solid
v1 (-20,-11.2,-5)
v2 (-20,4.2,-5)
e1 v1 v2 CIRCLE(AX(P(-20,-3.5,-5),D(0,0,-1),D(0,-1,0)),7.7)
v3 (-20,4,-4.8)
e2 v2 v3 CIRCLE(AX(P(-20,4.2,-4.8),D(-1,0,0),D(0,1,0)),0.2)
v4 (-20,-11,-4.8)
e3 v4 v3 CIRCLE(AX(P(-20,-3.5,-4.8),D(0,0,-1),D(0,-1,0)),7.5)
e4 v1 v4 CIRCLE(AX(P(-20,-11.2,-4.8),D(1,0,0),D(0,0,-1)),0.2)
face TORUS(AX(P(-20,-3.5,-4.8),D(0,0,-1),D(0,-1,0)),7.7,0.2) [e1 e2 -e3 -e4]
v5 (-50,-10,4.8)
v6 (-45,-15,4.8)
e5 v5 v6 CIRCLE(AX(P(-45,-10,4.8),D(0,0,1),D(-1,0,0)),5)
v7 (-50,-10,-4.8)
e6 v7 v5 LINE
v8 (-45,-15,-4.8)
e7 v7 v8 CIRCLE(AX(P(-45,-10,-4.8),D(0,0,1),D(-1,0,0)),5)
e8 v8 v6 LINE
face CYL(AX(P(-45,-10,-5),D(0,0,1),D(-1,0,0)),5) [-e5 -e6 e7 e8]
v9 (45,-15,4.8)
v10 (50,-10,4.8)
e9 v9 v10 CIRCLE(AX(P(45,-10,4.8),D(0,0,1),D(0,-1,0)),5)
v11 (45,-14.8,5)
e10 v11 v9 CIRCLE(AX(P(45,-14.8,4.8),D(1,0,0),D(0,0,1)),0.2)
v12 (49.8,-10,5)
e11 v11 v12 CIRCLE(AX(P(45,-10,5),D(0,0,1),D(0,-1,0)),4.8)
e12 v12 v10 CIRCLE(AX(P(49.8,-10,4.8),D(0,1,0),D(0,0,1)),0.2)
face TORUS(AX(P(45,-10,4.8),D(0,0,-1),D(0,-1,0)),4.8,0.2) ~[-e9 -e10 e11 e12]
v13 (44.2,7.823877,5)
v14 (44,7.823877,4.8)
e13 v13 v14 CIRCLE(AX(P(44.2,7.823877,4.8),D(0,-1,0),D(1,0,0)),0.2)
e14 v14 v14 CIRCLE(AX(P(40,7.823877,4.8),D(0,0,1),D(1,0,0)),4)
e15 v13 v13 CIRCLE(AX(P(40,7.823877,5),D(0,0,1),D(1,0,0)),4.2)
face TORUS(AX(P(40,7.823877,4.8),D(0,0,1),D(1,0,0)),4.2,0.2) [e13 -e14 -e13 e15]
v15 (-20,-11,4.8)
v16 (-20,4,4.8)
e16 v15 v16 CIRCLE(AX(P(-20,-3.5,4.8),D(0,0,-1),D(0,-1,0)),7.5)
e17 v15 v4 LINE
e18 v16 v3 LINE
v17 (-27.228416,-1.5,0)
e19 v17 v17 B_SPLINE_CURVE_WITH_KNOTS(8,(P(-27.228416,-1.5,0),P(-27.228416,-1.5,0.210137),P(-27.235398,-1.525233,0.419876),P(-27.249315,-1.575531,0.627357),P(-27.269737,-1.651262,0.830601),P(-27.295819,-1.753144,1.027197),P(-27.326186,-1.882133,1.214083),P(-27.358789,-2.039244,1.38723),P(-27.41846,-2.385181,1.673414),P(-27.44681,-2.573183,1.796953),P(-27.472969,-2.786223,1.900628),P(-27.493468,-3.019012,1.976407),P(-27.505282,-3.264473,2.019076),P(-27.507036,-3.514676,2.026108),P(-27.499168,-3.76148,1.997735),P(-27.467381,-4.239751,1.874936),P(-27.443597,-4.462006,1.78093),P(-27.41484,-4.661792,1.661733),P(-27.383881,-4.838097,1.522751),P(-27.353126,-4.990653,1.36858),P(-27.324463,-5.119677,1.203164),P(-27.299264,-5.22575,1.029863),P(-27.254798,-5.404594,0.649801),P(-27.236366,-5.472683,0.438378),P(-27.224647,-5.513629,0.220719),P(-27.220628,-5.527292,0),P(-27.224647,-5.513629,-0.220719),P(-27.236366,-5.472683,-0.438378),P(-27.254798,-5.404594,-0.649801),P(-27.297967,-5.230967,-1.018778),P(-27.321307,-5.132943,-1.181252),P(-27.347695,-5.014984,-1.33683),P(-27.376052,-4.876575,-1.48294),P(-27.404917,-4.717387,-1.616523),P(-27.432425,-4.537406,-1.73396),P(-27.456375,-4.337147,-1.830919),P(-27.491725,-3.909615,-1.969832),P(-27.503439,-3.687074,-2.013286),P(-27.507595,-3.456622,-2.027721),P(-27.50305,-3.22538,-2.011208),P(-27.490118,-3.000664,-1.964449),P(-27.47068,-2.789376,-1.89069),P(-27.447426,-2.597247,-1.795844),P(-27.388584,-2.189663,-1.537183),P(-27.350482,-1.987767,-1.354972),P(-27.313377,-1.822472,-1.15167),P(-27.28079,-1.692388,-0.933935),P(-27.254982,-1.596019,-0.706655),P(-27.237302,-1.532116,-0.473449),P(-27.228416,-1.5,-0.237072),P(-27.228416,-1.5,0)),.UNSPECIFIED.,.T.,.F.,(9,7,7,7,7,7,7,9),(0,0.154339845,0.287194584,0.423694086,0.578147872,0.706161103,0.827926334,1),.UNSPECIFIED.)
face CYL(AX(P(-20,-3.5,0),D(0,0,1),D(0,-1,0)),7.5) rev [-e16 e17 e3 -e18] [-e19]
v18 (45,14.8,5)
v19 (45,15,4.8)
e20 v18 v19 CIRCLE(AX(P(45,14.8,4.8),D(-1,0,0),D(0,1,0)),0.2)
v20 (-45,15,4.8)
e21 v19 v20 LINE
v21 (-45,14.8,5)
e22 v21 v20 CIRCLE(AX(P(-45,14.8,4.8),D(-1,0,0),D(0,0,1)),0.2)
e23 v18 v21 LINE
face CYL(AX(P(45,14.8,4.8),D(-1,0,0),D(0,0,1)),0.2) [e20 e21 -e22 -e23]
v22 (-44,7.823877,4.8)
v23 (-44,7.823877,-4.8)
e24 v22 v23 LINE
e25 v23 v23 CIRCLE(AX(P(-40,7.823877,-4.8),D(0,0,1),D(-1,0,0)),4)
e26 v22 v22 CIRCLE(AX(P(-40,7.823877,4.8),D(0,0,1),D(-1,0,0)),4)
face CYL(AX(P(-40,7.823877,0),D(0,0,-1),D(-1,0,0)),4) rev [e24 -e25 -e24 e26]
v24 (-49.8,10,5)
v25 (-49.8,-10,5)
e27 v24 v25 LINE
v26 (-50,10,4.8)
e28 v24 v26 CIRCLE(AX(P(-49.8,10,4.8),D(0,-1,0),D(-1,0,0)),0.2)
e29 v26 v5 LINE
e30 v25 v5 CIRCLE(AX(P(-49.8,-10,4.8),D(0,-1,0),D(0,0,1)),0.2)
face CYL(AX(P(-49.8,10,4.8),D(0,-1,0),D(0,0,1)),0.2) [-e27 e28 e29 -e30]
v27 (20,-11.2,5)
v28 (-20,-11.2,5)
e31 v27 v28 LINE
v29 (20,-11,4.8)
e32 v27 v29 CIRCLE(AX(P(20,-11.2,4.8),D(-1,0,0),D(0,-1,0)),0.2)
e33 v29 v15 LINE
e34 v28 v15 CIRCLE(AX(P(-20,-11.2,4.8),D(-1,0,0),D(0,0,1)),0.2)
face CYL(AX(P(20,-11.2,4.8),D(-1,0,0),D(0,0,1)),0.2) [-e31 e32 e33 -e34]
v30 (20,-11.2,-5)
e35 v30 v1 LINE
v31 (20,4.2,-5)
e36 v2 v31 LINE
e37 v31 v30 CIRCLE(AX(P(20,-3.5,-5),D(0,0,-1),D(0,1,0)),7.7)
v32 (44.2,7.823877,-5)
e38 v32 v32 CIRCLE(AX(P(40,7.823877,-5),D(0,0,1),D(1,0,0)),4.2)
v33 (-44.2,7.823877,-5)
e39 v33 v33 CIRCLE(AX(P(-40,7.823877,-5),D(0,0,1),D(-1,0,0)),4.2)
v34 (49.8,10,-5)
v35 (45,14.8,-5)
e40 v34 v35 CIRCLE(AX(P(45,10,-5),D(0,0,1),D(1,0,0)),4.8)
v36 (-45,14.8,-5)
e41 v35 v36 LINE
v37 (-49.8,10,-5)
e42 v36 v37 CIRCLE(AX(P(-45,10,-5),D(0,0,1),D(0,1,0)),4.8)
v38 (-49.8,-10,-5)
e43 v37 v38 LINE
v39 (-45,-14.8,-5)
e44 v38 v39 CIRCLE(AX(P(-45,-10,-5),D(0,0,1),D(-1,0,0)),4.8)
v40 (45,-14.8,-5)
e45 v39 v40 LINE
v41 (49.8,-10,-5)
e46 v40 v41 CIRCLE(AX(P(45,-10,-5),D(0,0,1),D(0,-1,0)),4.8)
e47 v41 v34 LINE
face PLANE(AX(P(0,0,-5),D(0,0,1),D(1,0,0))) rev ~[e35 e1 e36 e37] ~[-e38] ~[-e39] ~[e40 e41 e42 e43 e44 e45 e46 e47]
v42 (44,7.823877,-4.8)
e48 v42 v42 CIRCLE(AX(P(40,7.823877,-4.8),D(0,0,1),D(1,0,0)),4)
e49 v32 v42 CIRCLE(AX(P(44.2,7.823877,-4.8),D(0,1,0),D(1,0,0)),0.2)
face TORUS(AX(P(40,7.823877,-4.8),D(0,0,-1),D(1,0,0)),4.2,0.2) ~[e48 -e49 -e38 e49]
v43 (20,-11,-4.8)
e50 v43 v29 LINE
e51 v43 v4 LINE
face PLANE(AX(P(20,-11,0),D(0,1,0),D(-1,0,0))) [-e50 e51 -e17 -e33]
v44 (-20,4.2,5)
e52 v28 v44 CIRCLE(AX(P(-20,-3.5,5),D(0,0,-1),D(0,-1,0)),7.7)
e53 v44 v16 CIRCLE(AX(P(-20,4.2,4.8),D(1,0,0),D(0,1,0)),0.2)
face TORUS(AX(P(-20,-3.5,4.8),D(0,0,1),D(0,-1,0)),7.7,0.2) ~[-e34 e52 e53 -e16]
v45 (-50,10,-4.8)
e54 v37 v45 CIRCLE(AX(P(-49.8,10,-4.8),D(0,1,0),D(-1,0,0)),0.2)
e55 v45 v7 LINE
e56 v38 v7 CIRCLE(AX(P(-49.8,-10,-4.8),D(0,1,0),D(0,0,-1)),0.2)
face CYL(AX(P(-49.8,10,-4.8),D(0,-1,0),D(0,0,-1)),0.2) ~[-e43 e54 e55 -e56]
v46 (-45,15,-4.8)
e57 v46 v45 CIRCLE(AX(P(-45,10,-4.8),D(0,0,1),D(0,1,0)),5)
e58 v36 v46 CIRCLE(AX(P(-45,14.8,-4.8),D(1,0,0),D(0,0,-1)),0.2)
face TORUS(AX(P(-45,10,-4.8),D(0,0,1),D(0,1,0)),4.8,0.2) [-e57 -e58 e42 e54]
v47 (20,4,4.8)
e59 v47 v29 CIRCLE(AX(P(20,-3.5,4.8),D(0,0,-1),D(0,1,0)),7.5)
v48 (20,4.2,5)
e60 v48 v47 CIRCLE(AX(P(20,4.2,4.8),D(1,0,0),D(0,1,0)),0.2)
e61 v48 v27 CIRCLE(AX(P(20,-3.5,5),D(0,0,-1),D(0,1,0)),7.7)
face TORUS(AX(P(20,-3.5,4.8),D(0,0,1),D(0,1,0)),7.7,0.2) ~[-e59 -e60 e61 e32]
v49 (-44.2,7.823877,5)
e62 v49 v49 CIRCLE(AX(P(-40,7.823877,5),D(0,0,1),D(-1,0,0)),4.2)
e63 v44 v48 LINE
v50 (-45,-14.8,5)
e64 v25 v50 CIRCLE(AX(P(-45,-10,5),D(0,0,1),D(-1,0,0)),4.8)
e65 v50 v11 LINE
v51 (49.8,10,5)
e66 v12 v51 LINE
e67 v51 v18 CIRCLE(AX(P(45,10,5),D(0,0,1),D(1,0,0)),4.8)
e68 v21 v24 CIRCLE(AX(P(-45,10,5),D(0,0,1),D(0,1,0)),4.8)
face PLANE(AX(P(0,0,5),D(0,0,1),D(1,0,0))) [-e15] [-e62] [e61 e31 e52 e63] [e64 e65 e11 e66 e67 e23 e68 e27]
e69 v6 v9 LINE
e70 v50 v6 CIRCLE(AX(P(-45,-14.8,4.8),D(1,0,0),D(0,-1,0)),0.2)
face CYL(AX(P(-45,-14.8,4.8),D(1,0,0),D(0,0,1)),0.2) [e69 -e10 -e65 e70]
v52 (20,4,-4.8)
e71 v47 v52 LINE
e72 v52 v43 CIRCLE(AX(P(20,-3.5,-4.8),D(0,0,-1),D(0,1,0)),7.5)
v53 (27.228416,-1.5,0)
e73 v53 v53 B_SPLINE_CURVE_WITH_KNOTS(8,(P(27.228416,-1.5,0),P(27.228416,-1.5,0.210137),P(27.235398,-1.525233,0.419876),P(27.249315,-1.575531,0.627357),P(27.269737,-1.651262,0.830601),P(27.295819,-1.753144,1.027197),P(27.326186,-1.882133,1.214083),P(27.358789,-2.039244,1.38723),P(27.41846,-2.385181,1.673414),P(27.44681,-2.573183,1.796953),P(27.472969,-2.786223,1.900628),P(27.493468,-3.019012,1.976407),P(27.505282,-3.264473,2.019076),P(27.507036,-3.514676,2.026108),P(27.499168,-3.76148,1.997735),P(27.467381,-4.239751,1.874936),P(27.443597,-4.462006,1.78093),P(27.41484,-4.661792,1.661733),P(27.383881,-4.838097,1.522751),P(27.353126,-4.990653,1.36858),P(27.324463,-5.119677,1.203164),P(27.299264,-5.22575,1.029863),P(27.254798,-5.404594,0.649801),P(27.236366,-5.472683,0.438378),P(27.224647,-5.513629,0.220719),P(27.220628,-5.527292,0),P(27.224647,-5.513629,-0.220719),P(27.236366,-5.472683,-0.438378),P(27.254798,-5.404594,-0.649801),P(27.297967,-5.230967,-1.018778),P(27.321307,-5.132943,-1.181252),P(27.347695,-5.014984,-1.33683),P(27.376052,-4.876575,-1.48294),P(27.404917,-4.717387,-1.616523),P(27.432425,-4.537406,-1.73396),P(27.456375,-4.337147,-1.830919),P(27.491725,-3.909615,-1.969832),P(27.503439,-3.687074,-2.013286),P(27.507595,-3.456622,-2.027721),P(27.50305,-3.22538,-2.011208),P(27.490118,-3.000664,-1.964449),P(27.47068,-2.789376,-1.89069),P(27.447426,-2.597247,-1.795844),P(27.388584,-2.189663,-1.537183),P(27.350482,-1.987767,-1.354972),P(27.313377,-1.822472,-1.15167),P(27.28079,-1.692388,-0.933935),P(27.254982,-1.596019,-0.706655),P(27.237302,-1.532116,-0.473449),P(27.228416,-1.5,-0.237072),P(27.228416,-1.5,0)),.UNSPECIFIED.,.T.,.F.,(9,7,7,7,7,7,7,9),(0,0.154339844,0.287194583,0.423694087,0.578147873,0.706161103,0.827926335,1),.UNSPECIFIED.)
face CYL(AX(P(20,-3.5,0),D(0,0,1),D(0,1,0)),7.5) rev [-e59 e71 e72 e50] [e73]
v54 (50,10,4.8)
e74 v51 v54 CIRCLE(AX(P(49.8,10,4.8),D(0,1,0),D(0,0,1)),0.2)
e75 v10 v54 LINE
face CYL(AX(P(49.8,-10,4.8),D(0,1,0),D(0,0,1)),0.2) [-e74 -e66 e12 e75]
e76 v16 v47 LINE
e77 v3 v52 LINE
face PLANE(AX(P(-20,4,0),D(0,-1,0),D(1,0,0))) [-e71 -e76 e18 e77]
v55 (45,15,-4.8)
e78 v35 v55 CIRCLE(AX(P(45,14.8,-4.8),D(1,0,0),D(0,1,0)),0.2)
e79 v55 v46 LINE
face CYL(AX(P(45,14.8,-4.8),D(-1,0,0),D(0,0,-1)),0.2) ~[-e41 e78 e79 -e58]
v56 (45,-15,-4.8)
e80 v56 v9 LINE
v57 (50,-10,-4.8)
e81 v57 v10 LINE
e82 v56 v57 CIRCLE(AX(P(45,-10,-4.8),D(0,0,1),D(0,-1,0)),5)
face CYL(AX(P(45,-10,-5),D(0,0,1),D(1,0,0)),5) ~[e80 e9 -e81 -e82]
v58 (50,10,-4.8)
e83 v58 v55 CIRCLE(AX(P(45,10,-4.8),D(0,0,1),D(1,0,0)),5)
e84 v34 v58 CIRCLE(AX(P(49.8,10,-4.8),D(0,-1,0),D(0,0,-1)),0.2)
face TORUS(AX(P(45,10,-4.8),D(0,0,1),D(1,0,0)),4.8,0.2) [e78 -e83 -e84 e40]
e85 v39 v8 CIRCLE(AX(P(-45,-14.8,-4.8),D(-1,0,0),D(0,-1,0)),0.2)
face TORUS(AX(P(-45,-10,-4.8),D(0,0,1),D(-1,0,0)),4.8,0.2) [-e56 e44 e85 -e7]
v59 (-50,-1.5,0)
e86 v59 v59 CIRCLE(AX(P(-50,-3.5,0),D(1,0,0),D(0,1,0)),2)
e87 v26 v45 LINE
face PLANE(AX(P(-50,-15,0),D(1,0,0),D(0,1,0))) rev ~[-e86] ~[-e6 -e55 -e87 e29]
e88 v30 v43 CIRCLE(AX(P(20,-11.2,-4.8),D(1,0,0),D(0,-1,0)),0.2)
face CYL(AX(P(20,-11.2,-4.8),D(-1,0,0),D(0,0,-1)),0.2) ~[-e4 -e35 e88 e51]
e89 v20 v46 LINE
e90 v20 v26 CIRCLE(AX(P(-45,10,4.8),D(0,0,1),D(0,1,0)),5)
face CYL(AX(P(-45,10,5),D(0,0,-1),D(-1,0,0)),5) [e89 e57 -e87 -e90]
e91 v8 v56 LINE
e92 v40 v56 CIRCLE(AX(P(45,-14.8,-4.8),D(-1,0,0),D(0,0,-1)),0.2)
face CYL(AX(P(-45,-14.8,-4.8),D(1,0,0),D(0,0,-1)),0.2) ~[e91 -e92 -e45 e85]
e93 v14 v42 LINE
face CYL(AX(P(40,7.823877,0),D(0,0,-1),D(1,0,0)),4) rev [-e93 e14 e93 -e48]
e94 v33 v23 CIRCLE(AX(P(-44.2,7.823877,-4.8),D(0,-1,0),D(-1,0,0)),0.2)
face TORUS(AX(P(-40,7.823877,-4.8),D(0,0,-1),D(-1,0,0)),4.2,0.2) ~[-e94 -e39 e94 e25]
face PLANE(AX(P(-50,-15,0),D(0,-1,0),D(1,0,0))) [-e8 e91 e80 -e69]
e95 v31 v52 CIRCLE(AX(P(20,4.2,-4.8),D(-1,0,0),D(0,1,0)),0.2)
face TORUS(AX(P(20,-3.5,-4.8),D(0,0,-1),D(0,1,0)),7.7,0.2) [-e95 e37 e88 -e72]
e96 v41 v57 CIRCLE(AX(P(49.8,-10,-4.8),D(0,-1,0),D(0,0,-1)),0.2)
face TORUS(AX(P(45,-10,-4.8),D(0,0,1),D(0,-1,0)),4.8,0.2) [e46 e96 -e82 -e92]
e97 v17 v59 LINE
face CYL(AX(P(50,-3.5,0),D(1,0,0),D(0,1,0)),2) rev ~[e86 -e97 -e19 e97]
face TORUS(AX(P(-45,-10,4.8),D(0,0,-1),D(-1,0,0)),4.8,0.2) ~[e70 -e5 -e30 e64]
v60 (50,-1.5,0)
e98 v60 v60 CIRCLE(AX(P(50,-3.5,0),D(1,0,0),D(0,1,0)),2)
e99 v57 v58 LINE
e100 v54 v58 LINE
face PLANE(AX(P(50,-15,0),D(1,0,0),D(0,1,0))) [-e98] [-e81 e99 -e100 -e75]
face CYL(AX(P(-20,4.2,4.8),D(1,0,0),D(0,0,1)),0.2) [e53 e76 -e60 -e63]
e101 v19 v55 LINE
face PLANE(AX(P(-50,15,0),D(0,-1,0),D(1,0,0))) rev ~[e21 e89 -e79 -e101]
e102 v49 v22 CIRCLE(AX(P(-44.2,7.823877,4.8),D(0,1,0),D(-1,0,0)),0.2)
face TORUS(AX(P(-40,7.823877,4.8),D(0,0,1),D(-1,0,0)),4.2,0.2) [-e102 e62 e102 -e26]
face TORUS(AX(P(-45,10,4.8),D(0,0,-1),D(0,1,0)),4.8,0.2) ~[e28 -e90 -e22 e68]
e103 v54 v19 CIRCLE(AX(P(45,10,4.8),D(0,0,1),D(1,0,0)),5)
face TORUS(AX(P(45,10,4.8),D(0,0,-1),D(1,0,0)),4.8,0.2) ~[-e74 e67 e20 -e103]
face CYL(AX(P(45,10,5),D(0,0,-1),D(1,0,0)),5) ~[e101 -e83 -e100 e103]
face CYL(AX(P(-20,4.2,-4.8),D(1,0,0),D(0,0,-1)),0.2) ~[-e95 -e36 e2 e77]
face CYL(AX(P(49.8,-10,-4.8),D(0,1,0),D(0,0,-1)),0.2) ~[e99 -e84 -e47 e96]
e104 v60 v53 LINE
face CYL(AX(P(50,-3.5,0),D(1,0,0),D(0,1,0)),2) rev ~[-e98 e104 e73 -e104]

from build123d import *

# Parameters (mm, degrees)
SKETCH1_W           = 100
SKETCH1_H           = 30
SKETCH1_R           = 4
BOSS_EXTRUDE1_DEPTH = 5
FILLET1_R           = 5
FILLET2_R           = 0.2
SKETCH3_R           = 2
CUT_EXTRUDE1_DEPTH  = 102.242283662


with BuildPart() as part:
    # Sketch1 → Boss-Extrude1 (new, symmetric)
    with BuildSketch(Plane.XY):
        Rectangle(SKETCH1_W, SKETCH1_H)
        with Locations((40, 7.823877396)):
            Circle(SKETCH1_R, mode=Mode.SUBTRACT)
        with Locations((-40, 7.823877396)):
            Circle(SKETCH1_R, mode=Mode.SUBTRACT)
        with BuildLine():
            Line((20, -11), (-20, -11))
            ThreePointArc((-20, -11), (-27.5, -3.5), (-20, 4))
            Line((-20, 4), (20, 4))
            ThreePointArc((20, 4), (27.5, -3.5), (20, -11))
        make_face(mode=Mode.SUBTRACT)
    extrude(amount=BOSS_EXTRUDE1_DEPTH, both=True)

    # Fillet1
    fillet1_edges = [part.edges().sort_by_distance(p)[0] for p in [
        (50, -15, 0),
        (50, 15, 0),
        (-50, -15, 0),
        (-50, 15, 0),
    ]]
    fillet(fillet1_edges, radius=FILLET1_R)

    # Fillet2
    fillet2_edges = [part.edges().sort_by_distance(p)[0] for p in [
        (-44, 7.823877396, -5),
        (-27.5, -3.5, -5),
        (0, 4, -5),
        (27.5, -3.5, -5),
        (0, -11, -5),
        (48.535533906, 13.535533906, -5),
        (0, 15, -5),
        (-48.535533906, 13.535533906, -5),
        (-50, 0, -5),
        (-48.535533906, -13.535533906, -5),
        (0, -15, -5),
        (48.535533906, -13.535533906, -5),
        (50, 0, -5),
        (36, 7.823877396, -5),
        (-44, 7.823877396, 5),
        (0, 4, 5),
        (-27.5, -3.5, 5),
        (0, -11, 5),
        (27.5, -3.5, 5),
        (-48.535533906, -13.535533906, 5),
        (-50, 0, 5),
        (-48.535533906, 13.535533906, 5),
        (0, 15, 5),
        (48.535533906, 13.535533906, 5),
        (50, 0, 5),
        (48.535533906, -13.535533906, 5),
        (0, -15, 5),
        (36, 7.823877396, 5),
    ]]
    fillet(fillet2_edges, radius=FILLET2_R)

    # Sketch3 → Cut-Extrude1 (cut, through all)
    with BuildSketch(Plane(origin=(50, 0, 0), x_dir=(0, 0, -1), z_dir=(1, 0, 0))):
        with Locations((0, -3.5)):
            Circle(SKETCH3_R)
    extrude(amount=-CUT_EXTRUDE1_DEPTH, mode=Mode.SUBTRACT)


solid = part.part
